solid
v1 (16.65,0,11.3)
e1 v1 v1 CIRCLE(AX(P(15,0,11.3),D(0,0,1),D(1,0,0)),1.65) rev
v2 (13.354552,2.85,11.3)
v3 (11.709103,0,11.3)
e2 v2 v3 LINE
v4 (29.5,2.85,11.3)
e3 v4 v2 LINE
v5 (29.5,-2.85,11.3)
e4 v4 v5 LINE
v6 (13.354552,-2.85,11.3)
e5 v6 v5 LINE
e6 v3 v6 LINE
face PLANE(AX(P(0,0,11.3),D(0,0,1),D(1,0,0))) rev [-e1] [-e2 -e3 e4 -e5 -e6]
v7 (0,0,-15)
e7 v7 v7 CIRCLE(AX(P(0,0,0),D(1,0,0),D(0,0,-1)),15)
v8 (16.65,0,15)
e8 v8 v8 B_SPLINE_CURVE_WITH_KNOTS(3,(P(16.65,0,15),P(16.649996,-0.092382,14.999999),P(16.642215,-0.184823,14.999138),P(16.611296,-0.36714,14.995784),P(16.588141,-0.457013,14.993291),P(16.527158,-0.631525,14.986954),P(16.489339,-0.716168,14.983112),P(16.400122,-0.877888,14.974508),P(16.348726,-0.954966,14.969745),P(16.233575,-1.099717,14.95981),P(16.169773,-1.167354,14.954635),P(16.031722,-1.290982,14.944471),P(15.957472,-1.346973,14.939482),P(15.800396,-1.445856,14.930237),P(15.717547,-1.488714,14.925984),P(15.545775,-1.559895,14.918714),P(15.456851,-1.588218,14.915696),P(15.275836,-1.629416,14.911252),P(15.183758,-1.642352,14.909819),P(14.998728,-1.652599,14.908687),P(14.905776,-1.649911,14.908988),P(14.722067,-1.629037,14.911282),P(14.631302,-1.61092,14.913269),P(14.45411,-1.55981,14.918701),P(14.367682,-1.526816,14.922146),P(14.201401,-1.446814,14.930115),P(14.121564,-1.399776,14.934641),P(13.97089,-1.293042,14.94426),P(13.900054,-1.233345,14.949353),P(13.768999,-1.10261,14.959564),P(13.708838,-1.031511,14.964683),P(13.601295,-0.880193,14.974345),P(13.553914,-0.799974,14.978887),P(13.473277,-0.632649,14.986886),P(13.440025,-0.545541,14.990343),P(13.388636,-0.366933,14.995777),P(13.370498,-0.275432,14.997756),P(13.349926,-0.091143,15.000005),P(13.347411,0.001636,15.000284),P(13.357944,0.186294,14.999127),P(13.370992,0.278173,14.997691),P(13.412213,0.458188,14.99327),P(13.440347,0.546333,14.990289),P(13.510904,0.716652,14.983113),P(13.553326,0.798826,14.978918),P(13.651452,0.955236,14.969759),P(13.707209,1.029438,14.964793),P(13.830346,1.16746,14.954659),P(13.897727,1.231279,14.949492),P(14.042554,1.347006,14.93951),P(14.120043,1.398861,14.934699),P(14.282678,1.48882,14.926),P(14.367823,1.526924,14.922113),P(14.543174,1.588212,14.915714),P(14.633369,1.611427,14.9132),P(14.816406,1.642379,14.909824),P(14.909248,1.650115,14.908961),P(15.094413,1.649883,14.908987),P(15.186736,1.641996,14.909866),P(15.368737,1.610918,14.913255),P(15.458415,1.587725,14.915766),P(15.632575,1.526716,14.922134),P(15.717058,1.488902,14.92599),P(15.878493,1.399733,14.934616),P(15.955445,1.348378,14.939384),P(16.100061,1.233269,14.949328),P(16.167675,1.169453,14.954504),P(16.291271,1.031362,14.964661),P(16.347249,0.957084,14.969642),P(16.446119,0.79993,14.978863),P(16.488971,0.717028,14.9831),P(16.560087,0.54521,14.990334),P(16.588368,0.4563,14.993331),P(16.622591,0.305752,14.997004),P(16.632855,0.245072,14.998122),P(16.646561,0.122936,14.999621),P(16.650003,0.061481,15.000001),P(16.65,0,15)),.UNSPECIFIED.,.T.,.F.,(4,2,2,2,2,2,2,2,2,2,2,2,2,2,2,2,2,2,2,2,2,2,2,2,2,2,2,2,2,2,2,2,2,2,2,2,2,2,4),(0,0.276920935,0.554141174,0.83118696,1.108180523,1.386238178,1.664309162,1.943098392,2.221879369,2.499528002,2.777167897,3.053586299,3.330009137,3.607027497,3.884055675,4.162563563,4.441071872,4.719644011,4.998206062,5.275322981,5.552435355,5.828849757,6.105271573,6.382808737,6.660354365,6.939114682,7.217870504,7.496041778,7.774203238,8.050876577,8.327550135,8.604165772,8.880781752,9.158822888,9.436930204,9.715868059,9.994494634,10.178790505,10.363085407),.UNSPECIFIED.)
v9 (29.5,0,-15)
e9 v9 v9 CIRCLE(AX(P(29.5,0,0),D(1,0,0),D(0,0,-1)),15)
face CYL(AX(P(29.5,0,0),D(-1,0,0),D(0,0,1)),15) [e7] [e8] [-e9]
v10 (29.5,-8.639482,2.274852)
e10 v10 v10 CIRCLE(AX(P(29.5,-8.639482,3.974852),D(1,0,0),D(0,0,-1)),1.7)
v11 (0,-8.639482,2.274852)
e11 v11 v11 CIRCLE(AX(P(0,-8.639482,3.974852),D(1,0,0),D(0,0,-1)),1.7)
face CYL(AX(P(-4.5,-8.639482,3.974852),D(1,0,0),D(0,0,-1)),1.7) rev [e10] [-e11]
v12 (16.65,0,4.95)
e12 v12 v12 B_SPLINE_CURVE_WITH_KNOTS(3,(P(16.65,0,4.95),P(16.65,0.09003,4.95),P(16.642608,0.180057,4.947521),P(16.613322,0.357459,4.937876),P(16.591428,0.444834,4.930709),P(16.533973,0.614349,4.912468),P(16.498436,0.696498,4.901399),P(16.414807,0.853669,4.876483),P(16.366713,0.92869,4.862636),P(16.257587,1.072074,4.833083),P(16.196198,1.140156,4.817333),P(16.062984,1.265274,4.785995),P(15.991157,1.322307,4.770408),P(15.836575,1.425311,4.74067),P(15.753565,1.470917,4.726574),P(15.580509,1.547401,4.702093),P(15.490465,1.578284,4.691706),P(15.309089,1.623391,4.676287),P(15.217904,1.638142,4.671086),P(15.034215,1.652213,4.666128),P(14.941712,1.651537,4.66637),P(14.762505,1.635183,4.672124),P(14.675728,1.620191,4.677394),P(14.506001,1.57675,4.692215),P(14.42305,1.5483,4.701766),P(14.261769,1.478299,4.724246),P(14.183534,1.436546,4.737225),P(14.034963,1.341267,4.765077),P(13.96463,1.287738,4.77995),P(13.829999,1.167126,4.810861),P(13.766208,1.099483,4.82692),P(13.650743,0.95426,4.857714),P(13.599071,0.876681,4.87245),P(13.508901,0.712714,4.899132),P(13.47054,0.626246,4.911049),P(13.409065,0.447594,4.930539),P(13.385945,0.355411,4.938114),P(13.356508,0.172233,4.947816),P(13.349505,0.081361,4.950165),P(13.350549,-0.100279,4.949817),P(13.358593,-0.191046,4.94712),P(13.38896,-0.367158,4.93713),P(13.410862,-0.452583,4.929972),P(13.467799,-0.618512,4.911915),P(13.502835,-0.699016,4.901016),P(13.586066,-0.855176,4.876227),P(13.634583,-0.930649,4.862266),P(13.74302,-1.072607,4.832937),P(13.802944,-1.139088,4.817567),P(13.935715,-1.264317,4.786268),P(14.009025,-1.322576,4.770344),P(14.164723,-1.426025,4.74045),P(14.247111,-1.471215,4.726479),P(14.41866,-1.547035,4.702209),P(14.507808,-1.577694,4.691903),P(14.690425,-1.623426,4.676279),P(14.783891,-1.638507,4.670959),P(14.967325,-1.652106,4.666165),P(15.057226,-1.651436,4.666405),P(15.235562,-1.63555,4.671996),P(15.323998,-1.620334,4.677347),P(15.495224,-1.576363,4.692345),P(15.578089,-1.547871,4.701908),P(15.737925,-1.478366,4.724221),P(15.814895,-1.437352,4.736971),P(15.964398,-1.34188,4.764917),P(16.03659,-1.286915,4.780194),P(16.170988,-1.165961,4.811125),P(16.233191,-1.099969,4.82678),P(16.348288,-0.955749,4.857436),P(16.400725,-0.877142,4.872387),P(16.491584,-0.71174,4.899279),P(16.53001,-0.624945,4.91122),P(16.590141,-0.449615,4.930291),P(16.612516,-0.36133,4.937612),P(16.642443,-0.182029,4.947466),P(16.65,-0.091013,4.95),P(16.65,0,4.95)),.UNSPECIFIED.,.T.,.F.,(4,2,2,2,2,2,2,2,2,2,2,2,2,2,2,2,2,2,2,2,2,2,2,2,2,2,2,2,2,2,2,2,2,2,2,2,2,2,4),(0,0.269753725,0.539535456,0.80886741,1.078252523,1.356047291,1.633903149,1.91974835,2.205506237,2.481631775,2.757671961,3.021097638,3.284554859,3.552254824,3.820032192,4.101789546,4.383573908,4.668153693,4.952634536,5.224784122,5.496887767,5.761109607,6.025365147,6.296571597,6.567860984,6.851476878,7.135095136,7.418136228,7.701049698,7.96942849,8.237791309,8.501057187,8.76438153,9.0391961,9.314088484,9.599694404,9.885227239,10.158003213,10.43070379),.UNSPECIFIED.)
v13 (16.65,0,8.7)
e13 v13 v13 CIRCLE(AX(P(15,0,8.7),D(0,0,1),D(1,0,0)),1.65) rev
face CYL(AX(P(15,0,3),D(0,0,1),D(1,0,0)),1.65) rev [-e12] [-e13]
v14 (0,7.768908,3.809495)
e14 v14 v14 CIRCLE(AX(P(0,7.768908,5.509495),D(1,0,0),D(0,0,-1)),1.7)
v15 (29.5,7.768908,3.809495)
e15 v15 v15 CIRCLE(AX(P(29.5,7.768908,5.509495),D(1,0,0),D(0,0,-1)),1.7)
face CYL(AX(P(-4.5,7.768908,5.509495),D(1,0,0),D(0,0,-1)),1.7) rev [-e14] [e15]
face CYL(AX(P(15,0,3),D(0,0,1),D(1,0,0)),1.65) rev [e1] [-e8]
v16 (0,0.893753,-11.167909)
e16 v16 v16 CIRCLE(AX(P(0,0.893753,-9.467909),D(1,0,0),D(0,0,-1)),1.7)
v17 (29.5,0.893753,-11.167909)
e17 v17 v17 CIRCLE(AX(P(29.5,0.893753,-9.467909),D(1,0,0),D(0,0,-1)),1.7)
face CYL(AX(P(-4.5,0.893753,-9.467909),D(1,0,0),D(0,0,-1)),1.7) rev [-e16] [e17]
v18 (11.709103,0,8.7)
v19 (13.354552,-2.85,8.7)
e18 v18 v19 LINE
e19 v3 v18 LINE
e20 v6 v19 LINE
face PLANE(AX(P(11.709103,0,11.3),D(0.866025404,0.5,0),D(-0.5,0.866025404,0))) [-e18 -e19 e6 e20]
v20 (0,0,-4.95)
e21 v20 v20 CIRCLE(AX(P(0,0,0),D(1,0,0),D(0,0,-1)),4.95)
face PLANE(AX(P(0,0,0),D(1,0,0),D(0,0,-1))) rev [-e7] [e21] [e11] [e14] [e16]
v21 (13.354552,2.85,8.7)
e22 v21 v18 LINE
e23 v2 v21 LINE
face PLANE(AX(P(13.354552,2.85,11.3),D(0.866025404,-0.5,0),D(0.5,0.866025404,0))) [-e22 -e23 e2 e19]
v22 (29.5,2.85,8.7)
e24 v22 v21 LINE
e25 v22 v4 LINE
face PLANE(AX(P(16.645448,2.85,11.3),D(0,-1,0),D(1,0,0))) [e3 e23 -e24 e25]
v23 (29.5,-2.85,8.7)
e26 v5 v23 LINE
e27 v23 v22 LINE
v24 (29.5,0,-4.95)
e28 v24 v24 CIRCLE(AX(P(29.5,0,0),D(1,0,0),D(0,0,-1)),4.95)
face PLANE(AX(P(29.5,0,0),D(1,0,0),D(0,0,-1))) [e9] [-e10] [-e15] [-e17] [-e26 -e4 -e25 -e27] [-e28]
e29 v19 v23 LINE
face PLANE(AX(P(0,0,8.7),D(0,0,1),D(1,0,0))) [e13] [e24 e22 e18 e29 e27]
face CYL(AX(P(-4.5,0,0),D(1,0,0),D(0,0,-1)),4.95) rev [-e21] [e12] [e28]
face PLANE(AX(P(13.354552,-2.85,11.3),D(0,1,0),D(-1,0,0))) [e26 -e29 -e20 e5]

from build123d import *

# Parameters (mm, degrees)
SKETCH1_R               = 15
BOSS_EXTRUDE1_DEPTH     = 29.5
SKETCH2_R               = 4.95
SKETCH2_R_2             = 1.7
CUT_EXTRUDE1_DEPTH      = 34
SKETCH3_R               = 1.65
CUT_EXTRUDE2_DEPTH      = 12
CUT_EXTRUDE3_DEPTH      = 1.3
CUT_EXTRUDE3_DEPTH_BACK = 1.3
SKETCH5_W               = 5.7
SKETCH5_H               = 2.6
CUT_EXTRUDE4_DEPTH      = 16


with BuildPart() as part:
    # Sketch1 → Boss-Extrude1 (new body)
    with BuildSketch(Plane.YZ):
        Circle(SKETCH1_R)
    extrude(amount=BOSS_EXTRUDE1_DEPTH)

    # Sketch2 → Cut-Extrude1 (cut)
    with BuildSketch(Plane.YZ.offset(29.5)):
        Circle(SKETCH2_R)
        with Locations((-8.639482257, 3.974851738)):
            Circle(SKETCH2_R_2)
        with Locations((7.768907949, 5.509495297)):
            Circle(SKETCH2_R_2)
        with Locations((0.893753154, -9.467909236)):
            Circle(SKETCH2_R_2)
    extrude(amount=-CUT_EXTRUDE1_DEPTH, mode=Mode.SUBTRACT)

    # Sketch3 → Cut-Extrude2 (cut)
    with BuildSketch(Plane(origin=(0, 0, 15), x_dir=(0, 1, 0), z_dir=(0, 0, 1))):
        with Locations((0, -15)):
            Circle(SKETCH3_R)
    extrude(amount=-CUT_EXTRUDE2_DEPTH, mode=Mode.SUBTRACT)

    # Sketch4 → Cut-Extrude3 (cut, two sides: drawn at the far end of the back side and taken through both)
    with BuildSketch(Plane(origin=(0, 0, 10), x_dir=(0, 1, 0), z_dir=(0, 0, 1)).offset(-CUT_EXTRUDE3_DEPTH_BACK)):
        Polygon((-2.85, -16.645448267), (0, -18.290896534), (2.85, -16.645448267), (2.85, -13.354551733), (0, -11.709103466), (-2.85, -13.354551733), align=None)
    extrude(amount=CUT_EXTRUDE3_DEPTH + CUT_EXTRUDE3_DEPTH_BACK, mode=Mode.SUBTRACT)

    # Sketch5 → Cut-Extrude4 (cut)
    with BuildSketch(Plane.YZ.offset(29.5)):
        with Locations((0, 10)):
            Rectangle(SKETCH5_W, SKETCH5_H)
    extrude(amount=-CUT_EXTRUDE4_DEPTH, mode=Mode.SUBTRACT)


solid = part.part
